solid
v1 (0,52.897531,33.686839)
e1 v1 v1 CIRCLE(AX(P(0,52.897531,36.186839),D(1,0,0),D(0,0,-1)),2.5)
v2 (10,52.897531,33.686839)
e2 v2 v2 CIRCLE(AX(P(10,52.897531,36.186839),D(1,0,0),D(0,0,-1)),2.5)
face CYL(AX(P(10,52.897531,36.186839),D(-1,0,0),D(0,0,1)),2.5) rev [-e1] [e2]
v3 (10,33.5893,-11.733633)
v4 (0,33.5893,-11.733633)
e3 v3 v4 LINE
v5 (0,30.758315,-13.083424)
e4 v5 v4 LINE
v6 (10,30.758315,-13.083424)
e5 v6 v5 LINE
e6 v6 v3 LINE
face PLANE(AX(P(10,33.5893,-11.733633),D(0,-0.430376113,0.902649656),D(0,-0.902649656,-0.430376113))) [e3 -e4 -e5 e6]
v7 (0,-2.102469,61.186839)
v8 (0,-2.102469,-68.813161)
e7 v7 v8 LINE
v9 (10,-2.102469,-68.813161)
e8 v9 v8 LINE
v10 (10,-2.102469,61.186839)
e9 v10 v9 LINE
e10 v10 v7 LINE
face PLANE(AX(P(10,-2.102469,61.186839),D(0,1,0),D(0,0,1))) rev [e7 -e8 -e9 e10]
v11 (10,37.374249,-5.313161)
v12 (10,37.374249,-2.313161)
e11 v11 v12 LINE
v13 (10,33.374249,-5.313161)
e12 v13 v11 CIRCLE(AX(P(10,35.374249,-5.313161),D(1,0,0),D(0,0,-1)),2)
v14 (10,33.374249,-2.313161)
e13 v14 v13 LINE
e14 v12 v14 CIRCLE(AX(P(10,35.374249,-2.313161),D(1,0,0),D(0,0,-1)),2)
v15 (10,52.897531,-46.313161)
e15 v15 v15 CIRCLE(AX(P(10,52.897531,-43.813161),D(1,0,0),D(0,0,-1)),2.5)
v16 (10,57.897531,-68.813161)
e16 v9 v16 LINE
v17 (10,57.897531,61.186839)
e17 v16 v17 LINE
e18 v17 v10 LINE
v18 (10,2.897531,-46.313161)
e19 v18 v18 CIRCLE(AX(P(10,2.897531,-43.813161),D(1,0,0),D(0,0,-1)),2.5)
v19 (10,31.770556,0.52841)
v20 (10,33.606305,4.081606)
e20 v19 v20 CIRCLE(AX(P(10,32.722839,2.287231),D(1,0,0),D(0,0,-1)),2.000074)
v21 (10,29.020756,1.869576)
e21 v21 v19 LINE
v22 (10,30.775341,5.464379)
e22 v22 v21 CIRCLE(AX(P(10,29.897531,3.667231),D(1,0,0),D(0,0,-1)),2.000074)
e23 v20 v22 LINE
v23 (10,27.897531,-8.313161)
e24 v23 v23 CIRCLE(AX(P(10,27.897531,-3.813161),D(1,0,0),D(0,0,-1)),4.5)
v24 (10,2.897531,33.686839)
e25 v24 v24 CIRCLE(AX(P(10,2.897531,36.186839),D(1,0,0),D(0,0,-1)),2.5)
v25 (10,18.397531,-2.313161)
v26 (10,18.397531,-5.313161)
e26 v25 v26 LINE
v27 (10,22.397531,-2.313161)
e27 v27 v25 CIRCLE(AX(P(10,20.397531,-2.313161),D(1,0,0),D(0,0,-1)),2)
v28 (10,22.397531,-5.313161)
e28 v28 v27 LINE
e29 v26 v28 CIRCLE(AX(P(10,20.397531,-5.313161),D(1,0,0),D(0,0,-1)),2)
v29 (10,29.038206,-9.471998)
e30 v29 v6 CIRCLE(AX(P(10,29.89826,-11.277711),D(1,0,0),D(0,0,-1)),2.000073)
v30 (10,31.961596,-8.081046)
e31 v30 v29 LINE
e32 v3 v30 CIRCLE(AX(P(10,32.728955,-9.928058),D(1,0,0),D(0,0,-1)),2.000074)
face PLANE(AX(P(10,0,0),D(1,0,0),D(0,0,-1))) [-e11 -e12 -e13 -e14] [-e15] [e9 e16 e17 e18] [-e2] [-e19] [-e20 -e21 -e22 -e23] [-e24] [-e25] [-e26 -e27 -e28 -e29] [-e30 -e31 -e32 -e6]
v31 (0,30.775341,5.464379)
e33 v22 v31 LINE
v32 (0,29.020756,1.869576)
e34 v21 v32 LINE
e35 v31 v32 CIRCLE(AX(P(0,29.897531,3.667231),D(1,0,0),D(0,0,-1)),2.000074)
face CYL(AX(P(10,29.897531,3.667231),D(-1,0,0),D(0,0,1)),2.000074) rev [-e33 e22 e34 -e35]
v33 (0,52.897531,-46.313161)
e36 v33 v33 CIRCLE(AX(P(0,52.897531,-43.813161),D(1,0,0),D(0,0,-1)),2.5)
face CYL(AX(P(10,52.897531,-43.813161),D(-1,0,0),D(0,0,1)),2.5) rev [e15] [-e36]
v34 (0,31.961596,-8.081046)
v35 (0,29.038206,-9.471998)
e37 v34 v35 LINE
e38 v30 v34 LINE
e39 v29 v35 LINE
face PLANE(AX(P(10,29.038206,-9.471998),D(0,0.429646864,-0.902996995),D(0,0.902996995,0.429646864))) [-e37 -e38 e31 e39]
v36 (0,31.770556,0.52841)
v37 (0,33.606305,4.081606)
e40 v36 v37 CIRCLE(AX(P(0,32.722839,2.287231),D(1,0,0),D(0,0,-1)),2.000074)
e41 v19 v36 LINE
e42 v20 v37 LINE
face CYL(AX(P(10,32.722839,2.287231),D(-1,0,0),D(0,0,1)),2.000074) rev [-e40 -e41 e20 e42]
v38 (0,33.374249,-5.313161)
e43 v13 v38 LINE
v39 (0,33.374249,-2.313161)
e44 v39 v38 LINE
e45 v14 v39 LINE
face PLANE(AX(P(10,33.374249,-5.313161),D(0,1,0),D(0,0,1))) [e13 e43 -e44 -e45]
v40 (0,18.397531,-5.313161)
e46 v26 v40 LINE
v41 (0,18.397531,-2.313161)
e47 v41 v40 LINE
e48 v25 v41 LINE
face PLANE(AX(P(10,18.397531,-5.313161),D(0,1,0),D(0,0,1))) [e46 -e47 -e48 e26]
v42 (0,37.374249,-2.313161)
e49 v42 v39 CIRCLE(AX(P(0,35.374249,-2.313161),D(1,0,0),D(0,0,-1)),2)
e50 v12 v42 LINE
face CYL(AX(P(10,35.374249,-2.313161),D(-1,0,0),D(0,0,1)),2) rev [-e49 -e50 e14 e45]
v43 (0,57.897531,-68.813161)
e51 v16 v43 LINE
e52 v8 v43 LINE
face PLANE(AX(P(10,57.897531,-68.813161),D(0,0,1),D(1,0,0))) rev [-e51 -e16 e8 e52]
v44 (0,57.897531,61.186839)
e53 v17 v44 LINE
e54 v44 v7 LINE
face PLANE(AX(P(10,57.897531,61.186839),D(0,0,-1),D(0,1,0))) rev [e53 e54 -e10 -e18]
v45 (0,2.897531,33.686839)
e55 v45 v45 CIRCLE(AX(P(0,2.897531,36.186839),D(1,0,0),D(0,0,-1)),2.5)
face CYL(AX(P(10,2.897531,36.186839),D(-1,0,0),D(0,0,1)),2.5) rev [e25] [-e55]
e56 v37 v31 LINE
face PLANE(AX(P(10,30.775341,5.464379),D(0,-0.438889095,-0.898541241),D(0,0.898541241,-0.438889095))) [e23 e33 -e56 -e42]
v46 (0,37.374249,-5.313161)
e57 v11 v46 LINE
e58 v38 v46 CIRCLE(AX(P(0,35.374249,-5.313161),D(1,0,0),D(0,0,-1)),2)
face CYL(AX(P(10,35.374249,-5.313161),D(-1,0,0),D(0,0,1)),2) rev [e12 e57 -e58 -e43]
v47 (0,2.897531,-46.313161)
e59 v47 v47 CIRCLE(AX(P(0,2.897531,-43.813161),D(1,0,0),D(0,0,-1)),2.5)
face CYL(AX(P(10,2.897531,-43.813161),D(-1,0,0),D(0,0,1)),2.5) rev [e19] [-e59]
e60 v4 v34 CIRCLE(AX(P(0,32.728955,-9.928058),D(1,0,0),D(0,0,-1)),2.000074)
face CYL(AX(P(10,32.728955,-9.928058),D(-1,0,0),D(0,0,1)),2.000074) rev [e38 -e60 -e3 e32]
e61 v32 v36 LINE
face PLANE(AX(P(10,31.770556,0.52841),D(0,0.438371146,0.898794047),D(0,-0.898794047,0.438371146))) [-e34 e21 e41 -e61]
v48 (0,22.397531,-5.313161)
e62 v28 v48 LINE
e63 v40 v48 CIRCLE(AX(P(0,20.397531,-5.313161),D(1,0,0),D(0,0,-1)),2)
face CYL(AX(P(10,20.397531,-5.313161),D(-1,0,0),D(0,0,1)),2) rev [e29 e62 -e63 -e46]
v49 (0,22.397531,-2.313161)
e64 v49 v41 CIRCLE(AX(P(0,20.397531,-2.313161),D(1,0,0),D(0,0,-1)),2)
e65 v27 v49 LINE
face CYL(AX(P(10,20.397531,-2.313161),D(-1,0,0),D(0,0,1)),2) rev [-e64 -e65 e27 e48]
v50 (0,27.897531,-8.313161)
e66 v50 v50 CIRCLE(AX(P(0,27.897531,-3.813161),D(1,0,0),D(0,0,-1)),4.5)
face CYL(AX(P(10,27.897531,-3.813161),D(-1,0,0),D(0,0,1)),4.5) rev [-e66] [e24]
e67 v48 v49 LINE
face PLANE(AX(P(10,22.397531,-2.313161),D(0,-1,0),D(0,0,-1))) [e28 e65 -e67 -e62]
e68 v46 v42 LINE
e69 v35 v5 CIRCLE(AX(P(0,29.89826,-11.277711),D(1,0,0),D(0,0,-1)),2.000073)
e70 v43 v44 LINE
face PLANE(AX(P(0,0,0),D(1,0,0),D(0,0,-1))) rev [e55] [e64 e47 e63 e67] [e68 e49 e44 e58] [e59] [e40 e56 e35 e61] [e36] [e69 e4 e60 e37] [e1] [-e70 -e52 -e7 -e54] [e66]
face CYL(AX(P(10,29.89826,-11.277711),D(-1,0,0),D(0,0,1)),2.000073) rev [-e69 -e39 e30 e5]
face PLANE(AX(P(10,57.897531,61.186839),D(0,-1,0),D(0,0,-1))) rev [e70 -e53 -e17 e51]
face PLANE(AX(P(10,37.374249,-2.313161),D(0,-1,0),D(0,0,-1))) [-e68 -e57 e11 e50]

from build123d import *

# Parameters (mm, degrees)
SKETCH1_W           = 130
SKETCH1_H           = 60
SKETCH1_R           = 2.5
SKETCH1_R_2         = 4.499999999
BOSS_EXTRUDE1_DEPTH = 10


with BuildPart() as part:
    # Sketch1 → Boss-Extrude1 (new body)
    with BuildSketch(Plane(origin=(0, 0, 0), x_dir=(0, 0, -1), z_dir=(1, 0, 0))):
        with Locations((3.813160791, 27.897530874)):
            Rectangle(SKETCH1_W, SKETCH1_H)
        with Locations((-36.186839209, 52.897530874)):
            Circle(SKETCH1_R, mode=Mode.SUBTRACT)
        with Locations((-36.186839209, 2.897530874)):
            Circle(SKETCH1_R, mode=Mode.SUBTRACT)
        with Locations((43.813160791, 2.897530874)):
            Circle(SKETCH1_R, mode=Mode.SUBTRACT)
        with Locations((43.813160791, 52.897530874)):
            Circle(SKETCH1_R, mode=Mode.SUBTRACT)
        with Locations((3.813160791, 27.897530874)):
            Circle(SKETCH1_R_2, mode=Mode.SUBTRACT)
        with BuildLine():
            Line((-5.464379102, 30.775341326), (-4.081605515, 33.606305024))
            ThreePointArc((-4.081605515, 33.606305024), (-1.369183898, 34.499769949), (-0.528409533, 31.770555947))
            Line((-0.528409533, 31.770555947), (-1.869576404, 29.020756356))
            ThreePointArc((-1.869576404, 29.020756356), (-4.544523089, 28.10012945), (-5.464379102, 30.775341326))
        make_face(mode=Mode.SUBTRACT)
        with BuildLine():
            Line((5.31316079, 18.397530874), (2.313160791, 18.397530874))
            ThreePointArc((2.313160791, 18.397530874), (0.313160792, 20.397530874), (2.313160791, 22.397530873))
            Line((2.313160791, 22.397530873), (5.31316079, 22.397530873))
            ThreePointArc((5.31316079, 22.397530873), (7.313160789, 20.397530874), (5.31316079, 18.397530874))
        make_face(mode=Mode.SUBTRACT)
        with BuildLine():
            Line((5.31316079, 33.374248764), (2.313160791, 33.374248764))
            ThreePointArc((2.313160791, 33.374248764), (0.31316079, 35.374248765), (2.313160791, 37.374248765))
            Line((2.313160791, 37.374248765), (5.31316079, 37.374248765))
            ThreePointArc((5.31316079, 37.374248765), (7.313160791, 35.374248765), (5.31316079, 33.374248764))
        make_face(mode=Mode.SUBTRACT)
        with BuildLine():
            Line((9.471997672, 29.038205562), (8.081045524, 31.961596177))
            ThreePointArc((8.081045524, 31.961596177), (9.113942414, 34.555839775), (11.733632625, 33.589300054))
            Line((11.733632625, 33.589300054), (13.083423708, 30.758314735))
            ThreePointArc((13.083423708, 30.758314735), (12.137765277, 28.092547131), (9.471997672, 29.038205562))
        make_face(mode=Mode.SUBTRACT)
    extrude(amount=BOSS_EXTRUDE1_DEPTH)


solid = part.part
